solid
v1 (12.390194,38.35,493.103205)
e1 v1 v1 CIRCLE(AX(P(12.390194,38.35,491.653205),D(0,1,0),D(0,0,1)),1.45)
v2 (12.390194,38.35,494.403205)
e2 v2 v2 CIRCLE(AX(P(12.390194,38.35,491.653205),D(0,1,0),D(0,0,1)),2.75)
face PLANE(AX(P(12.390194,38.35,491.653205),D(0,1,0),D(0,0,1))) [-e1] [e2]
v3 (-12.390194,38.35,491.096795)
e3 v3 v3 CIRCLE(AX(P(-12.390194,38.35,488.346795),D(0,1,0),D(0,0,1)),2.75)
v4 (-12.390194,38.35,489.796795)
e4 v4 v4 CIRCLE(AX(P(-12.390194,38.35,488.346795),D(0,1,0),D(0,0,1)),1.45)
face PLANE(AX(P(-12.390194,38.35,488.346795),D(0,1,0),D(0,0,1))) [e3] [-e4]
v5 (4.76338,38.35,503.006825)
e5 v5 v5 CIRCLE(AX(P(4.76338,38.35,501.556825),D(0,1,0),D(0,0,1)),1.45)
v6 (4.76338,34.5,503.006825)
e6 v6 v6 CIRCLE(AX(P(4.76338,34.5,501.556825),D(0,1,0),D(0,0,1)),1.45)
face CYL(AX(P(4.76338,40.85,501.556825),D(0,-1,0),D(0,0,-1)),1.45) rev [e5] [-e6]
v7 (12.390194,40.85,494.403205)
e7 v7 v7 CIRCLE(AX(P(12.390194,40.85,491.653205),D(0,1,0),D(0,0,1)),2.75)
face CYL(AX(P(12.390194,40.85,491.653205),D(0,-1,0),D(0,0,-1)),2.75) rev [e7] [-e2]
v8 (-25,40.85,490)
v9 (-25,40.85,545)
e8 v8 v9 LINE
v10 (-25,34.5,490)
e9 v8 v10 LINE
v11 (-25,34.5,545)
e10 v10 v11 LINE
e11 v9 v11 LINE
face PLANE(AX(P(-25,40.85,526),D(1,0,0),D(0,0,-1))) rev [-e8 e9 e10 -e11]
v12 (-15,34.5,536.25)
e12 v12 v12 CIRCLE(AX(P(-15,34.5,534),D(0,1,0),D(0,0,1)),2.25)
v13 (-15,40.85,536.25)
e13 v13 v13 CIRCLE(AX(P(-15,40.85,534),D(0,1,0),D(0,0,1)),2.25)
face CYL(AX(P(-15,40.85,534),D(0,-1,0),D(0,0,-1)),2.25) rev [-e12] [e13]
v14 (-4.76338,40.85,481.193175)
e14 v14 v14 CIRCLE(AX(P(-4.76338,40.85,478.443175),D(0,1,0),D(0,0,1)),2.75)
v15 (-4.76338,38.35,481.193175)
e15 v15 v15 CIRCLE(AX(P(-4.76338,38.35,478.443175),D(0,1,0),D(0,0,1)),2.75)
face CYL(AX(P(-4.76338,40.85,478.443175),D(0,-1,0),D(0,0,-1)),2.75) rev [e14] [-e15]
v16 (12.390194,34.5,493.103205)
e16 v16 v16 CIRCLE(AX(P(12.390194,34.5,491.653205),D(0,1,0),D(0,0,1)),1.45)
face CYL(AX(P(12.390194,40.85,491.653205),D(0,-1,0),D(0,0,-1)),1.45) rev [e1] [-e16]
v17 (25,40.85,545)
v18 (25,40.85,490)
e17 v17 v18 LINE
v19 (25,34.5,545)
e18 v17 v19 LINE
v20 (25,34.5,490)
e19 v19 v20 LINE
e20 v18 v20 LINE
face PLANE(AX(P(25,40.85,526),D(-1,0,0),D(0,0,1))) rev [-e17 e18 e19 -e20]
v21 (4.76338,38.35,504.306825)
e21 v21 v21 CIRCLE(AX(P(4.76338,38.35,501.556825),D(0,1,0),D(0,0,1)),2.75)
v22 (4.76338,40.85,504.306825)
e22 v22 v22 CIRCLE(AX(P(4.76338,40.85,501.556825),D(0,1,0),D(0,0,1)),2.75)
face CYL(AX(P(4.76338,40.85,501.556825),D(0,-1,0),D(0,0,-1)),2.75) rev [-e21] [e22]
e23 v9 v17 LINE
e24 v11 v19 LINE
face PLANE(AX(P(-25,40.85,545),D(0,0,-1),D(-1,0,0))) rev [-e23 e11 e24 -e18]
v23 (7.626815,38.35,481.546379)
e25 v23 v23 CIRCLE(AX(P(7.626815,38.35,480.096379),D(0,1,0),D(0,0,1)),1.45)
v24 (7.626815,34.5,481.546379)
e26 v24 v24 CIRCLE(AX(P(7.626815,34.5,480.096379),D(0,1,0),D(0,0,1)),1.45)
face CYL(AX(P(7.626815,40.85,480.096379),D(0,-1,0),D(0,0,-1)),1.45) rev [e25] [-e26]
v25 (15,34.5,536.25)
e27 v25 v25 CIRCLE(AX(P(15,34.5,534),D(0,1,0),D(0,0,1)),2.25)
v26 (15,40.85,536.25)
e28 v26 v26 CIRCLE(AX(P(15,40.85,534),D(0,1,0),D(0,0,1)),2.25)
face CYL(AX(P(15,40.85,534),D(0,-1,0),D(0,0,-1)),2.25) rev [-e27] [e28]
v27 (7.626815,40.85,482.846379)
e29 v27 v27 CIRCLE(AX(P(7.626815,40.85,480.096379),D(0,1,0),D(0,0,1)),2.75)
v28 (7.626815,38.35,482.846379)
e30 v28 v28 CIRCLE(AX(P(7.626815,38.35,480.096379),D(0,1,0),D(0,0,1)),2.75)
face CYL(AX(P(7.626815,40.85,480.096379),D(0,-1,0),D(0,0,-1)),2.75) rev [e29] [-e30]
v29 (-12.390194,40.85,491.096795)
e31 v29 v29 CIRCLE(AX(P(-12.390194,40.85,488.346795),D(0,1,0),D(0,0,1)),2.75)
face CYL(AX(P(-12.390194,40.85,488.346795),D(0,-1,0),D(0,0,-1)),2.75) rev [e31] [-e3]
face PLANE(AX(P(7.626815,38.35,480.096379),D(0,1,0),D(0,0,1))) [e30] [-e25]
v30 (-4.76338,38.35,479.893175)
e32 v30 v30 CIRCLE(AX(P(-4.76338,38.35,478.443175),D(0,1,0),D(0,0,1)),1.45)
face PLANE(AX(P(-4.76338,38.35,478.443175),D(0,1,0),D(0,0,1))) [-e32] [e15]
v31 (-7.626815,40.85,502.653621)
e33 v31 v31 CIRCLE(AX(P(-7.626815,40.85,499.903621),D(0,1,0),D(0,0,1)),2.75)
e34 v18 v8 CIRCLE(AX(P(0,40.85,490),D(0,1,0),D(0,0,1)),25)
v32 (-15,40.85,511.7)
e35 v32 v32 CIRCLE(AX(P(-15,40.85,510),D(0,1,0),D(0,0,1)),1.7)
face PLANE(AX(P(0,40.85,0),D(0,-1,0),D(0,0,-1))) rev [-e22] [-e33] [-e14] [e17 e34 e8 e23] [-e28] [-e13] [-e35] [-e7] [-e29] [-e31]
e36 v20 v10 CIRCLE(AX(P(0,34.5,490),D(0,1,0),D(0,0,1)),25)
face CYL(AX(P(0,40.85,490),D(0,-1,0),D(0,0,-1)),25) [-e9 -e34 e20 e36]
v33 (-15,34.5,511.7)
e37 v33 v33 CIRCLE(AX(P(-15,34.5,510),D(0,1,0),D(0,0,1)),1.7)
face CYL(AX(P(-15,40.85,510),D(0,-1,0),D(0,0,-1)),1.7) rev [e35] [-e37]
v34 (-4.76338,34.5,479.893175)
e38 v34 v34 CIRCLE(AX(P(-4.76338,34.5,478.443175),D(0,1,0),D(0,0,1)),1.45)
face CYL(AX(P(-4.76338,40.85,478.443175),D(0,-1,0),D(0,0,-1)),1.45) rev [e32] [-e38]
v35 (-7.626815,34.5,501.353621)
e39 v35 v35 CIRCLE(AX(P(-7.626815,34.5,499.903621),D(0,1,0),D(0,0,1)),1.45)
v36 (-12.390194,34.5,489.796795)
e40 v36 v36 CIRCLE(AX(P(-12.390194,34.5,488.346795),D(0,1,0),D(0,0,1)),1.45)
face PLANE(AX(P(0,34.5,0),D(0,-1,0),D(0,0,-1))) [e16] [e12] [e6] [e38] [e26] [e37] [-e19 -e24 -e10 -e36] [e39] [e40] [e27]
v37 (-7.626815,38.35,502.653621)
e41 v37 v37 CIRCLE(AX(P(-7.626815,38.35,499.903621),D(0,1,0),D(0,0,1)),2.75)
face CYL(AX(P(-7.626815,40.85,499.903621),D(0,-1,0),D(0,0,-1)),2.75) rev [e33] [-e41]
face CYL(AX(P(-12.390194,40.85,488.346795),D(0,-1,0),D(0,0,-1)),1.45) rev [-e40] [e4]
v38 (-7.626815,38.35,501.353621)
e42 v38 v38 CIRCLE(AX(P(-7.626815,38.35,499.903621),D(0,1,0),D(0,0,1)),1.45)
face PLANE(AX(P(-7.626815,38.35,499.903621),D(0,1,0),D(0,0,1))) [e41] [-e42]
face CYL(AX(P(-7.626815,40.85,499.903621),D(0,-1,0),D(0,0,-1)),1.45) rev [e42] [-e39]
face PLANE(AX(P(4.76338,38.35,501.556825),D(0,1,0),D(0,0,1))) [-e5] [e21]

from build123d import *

# Parameters (mm, degrees)
PLACA_START                 = 34.5
SK_PLACA_W                  = 50
SK_PLACA_H                  = 36
PLACA_DEPTH                 = 6.35
EXTREMO_START               = 34.5
SK_EXTREMO_R                = 25
EXTREMO_DEPTH               = 6.35
PASANTES_M2_5_CUBO_J5_START = 34.5
SK_PASANTES_M2_5_CUBO_J5_R  = 1.45
PASANTES_M2_5_CUBO_J5_DEPTH = 6.35
CAJAS_M2_5_J5_START         = 38.35
SK_CAJAS_M2_5_J5_R          = 2.75
CAJAS_M2_5_J5_DEPTH         = 2.5
EXTENSION_PESTANAS_START    = 34.5
SK_EXTENSION_PESTANAS_W     = 50
SK_EXTENSION_PESTANAS_H     = 19
EXTENSION_PESTANAS_DEPTH    = 6.35
PASANTES_M4_REPISA_START    = 34.5
SK_PASANTES_M4_REPISA_R     = 2.25
PASANTES_M4_REPISA_DEPTH    = 6.35
PASANTE_M3_CINCHO_START     = 34.5
SK_PASANTE_M3_CINCHO_R      = 1.7
PASANTE_M3_CINCHO_DEPTH     = 6.35


with BuildPart() as part:
    # Sk_Placa → Placa (new body)
    with BuildSketch(Plane(origin=(0, 0, 0), x_dir=(1, 0, 0), z_dir=(0, 1, 0)).offset(PLACA_START)):
        with Locations((0, -508)):
            Rectangle(SK_PLACA_W, SK_PLACA_H)
    extrude(amount=PLACA_DEPTH)

    # Sk_Extremo → Extremo (add)
    with BuildSketch(Plane(origin=(0, 0, 0), x_dir=(1, 0, 0), z_dir=(0, 1, 0)).offset(EXTREMO_START)):
        with Locations((0, -490)):
            Circle(SK_EXTREMO_R)
    extrude(amount=EXTREMO_DEPTH)

    # Sk_Pasantes_M2-5_cubo_J5 → Pasantes_M2-5_cubo_J5 (cut)
    with BuildSketch(Plane(origin=(0, 0, 0), x_dir=(1, 0, 0), z_dir=(0, 1, 0)).offset(PASANTES_M2_5_CUBO_J5_START)):
        with Locations(Location((12.390194253, -491.653204878, 0), (0, 0, 270))):
            Circle(SK_PASANTES_M2_5_CUBO_J5_R)
        with Locations(Location((4.763379704, -501.55682542, 0), (0, 0, 270))):
            Circle(SK_PASANTES_M2_5_CUBO_J5_R)
        with Locations(Location((-7.626814549, -499.903620542, 0), (0, 0, 270))):
            Circle(SK_PASANTES_M2_5_CUBO_J5_R)
        with Locations(Location((-12.390194253, -488.346795122, 0), (0, 0, 270))):
            Circle(SK_PASANTES_M2_5_CUBO_J5_R)
        with Locations(Location((-4.763379704, -478.44317458, 0), (0, 0, 270))):
            Circle(SK_PASANTES_M2_5_CUBO_J5_R)
        with Locations(Location((7.626814549, -480.096379458, 0), (0, 0, 270))):
            Circle(SK_PASANTES_M2_5_CUBO_J5_R)
    extrude(amount=PASANTES_M2_5_CUBO_J5_DEPTH, mode=Mode.SUBTRACT)

    # Sk_Cajas_M2-5_J5 → Cajas_M2-5_J5 (cut)
    with BuildSketch(Plane(origin=(0, 0, 0), x_dir=(1, 0, 0), z_dir=(0, 1, 0)).offset(CAJAS_M2_5_J5_START)):
        with Locations(Location((12.390194253, -491.653204878, 0), (0, 0, 270))):
            Circle(SK_CAJAS_M2_5_J5_R)
        with Locations(Location((4.763379704, -501.55682542, 0), (0, 0, 270))):
            Circle(SK_CAJAS_M2_5_J5_R)
        with Locations(Location((-7.626814549, -499.903620542, 0), (0, 0, 270))):
            Circle(SK_CAJAS_M2_5_J5_R)
        with Locations(Location((-12.390194253, -488.346795122, 0), (0, 0, 270))):
            Circle(SK_CAJAS_M2_5_J5_R)
        with Locations(Location((-4.763379704, -478.44317458, 0), (0, 0, 270))):
            Circle(SK_CAJAS_M2_5_J5_R)
        with Locations(Location((7.626814549, -480.096379458, 0), (0, 0, 270))):
            Circle(SK_CAJAS_M2_5_J5_R)
    extrude(amount=CAJAS_M2_5_J5_DEPTH, mode=Mode.SUBTRACT)

    # Sk_Extension_pestanas → Extension_pestanas (add)
    with BuildSketch(Plane(origin=(0, 0, 0), x_dir=(1, 0, 0), z_dir=(0, 1, 0)).offset(EXTENSION_PESTANAS_START)):
        with Locations((0, -535.5)):
            Rectangle(SK_EXTENSION_PESTANAS_W, SK_EXTENSION_PESTANAS_H)
    extrude(amount=EXTENSION_PESTANAS_DEPTH)

    # Sk_Pasantes_M4_repisa → Pasantes_M4_repisa (cut)
    with BuildSketch(Plane(origin=(0, 0, 0), x_dir=(1, 0, 0), z_dir=(0, 1, 0)).offset(PASANTES_M4_REPISA_START)):
        with Locations(Location((-15, -534, 0), (0, 0, 270))):
            Circle(SK_PASANTES_M4_REPISA_R)
        with Locations(Location((15, -534, 0), (0, 0, 270))):
            Circle(SK_PASANTES_M4_REPISA_R)
    extrude(amount=PASANTES_M4_REPISA_DEPTH, mode=Mode.SUBTRACT)

    # Sk_Pasante_M3_cincho → Pasante_M3_cincho (cut)
    with BuildSketch(Plane(origin=(0, 0, 0), x_dir=(1, 0, 0), z_dir=(0, 1, 0)).offset(PASANTE_M3_CINCHO_START)):
        with Locations(Location((-15, -510, 0), (0, 0, 270))):
            Circle(SK_PASANTE_M3_CINCHO_R)
    extrude(amount=PASANTE_M3_CINCHO_DEPTH, mode=Mode.SUBTRACT)


solid = part.part
